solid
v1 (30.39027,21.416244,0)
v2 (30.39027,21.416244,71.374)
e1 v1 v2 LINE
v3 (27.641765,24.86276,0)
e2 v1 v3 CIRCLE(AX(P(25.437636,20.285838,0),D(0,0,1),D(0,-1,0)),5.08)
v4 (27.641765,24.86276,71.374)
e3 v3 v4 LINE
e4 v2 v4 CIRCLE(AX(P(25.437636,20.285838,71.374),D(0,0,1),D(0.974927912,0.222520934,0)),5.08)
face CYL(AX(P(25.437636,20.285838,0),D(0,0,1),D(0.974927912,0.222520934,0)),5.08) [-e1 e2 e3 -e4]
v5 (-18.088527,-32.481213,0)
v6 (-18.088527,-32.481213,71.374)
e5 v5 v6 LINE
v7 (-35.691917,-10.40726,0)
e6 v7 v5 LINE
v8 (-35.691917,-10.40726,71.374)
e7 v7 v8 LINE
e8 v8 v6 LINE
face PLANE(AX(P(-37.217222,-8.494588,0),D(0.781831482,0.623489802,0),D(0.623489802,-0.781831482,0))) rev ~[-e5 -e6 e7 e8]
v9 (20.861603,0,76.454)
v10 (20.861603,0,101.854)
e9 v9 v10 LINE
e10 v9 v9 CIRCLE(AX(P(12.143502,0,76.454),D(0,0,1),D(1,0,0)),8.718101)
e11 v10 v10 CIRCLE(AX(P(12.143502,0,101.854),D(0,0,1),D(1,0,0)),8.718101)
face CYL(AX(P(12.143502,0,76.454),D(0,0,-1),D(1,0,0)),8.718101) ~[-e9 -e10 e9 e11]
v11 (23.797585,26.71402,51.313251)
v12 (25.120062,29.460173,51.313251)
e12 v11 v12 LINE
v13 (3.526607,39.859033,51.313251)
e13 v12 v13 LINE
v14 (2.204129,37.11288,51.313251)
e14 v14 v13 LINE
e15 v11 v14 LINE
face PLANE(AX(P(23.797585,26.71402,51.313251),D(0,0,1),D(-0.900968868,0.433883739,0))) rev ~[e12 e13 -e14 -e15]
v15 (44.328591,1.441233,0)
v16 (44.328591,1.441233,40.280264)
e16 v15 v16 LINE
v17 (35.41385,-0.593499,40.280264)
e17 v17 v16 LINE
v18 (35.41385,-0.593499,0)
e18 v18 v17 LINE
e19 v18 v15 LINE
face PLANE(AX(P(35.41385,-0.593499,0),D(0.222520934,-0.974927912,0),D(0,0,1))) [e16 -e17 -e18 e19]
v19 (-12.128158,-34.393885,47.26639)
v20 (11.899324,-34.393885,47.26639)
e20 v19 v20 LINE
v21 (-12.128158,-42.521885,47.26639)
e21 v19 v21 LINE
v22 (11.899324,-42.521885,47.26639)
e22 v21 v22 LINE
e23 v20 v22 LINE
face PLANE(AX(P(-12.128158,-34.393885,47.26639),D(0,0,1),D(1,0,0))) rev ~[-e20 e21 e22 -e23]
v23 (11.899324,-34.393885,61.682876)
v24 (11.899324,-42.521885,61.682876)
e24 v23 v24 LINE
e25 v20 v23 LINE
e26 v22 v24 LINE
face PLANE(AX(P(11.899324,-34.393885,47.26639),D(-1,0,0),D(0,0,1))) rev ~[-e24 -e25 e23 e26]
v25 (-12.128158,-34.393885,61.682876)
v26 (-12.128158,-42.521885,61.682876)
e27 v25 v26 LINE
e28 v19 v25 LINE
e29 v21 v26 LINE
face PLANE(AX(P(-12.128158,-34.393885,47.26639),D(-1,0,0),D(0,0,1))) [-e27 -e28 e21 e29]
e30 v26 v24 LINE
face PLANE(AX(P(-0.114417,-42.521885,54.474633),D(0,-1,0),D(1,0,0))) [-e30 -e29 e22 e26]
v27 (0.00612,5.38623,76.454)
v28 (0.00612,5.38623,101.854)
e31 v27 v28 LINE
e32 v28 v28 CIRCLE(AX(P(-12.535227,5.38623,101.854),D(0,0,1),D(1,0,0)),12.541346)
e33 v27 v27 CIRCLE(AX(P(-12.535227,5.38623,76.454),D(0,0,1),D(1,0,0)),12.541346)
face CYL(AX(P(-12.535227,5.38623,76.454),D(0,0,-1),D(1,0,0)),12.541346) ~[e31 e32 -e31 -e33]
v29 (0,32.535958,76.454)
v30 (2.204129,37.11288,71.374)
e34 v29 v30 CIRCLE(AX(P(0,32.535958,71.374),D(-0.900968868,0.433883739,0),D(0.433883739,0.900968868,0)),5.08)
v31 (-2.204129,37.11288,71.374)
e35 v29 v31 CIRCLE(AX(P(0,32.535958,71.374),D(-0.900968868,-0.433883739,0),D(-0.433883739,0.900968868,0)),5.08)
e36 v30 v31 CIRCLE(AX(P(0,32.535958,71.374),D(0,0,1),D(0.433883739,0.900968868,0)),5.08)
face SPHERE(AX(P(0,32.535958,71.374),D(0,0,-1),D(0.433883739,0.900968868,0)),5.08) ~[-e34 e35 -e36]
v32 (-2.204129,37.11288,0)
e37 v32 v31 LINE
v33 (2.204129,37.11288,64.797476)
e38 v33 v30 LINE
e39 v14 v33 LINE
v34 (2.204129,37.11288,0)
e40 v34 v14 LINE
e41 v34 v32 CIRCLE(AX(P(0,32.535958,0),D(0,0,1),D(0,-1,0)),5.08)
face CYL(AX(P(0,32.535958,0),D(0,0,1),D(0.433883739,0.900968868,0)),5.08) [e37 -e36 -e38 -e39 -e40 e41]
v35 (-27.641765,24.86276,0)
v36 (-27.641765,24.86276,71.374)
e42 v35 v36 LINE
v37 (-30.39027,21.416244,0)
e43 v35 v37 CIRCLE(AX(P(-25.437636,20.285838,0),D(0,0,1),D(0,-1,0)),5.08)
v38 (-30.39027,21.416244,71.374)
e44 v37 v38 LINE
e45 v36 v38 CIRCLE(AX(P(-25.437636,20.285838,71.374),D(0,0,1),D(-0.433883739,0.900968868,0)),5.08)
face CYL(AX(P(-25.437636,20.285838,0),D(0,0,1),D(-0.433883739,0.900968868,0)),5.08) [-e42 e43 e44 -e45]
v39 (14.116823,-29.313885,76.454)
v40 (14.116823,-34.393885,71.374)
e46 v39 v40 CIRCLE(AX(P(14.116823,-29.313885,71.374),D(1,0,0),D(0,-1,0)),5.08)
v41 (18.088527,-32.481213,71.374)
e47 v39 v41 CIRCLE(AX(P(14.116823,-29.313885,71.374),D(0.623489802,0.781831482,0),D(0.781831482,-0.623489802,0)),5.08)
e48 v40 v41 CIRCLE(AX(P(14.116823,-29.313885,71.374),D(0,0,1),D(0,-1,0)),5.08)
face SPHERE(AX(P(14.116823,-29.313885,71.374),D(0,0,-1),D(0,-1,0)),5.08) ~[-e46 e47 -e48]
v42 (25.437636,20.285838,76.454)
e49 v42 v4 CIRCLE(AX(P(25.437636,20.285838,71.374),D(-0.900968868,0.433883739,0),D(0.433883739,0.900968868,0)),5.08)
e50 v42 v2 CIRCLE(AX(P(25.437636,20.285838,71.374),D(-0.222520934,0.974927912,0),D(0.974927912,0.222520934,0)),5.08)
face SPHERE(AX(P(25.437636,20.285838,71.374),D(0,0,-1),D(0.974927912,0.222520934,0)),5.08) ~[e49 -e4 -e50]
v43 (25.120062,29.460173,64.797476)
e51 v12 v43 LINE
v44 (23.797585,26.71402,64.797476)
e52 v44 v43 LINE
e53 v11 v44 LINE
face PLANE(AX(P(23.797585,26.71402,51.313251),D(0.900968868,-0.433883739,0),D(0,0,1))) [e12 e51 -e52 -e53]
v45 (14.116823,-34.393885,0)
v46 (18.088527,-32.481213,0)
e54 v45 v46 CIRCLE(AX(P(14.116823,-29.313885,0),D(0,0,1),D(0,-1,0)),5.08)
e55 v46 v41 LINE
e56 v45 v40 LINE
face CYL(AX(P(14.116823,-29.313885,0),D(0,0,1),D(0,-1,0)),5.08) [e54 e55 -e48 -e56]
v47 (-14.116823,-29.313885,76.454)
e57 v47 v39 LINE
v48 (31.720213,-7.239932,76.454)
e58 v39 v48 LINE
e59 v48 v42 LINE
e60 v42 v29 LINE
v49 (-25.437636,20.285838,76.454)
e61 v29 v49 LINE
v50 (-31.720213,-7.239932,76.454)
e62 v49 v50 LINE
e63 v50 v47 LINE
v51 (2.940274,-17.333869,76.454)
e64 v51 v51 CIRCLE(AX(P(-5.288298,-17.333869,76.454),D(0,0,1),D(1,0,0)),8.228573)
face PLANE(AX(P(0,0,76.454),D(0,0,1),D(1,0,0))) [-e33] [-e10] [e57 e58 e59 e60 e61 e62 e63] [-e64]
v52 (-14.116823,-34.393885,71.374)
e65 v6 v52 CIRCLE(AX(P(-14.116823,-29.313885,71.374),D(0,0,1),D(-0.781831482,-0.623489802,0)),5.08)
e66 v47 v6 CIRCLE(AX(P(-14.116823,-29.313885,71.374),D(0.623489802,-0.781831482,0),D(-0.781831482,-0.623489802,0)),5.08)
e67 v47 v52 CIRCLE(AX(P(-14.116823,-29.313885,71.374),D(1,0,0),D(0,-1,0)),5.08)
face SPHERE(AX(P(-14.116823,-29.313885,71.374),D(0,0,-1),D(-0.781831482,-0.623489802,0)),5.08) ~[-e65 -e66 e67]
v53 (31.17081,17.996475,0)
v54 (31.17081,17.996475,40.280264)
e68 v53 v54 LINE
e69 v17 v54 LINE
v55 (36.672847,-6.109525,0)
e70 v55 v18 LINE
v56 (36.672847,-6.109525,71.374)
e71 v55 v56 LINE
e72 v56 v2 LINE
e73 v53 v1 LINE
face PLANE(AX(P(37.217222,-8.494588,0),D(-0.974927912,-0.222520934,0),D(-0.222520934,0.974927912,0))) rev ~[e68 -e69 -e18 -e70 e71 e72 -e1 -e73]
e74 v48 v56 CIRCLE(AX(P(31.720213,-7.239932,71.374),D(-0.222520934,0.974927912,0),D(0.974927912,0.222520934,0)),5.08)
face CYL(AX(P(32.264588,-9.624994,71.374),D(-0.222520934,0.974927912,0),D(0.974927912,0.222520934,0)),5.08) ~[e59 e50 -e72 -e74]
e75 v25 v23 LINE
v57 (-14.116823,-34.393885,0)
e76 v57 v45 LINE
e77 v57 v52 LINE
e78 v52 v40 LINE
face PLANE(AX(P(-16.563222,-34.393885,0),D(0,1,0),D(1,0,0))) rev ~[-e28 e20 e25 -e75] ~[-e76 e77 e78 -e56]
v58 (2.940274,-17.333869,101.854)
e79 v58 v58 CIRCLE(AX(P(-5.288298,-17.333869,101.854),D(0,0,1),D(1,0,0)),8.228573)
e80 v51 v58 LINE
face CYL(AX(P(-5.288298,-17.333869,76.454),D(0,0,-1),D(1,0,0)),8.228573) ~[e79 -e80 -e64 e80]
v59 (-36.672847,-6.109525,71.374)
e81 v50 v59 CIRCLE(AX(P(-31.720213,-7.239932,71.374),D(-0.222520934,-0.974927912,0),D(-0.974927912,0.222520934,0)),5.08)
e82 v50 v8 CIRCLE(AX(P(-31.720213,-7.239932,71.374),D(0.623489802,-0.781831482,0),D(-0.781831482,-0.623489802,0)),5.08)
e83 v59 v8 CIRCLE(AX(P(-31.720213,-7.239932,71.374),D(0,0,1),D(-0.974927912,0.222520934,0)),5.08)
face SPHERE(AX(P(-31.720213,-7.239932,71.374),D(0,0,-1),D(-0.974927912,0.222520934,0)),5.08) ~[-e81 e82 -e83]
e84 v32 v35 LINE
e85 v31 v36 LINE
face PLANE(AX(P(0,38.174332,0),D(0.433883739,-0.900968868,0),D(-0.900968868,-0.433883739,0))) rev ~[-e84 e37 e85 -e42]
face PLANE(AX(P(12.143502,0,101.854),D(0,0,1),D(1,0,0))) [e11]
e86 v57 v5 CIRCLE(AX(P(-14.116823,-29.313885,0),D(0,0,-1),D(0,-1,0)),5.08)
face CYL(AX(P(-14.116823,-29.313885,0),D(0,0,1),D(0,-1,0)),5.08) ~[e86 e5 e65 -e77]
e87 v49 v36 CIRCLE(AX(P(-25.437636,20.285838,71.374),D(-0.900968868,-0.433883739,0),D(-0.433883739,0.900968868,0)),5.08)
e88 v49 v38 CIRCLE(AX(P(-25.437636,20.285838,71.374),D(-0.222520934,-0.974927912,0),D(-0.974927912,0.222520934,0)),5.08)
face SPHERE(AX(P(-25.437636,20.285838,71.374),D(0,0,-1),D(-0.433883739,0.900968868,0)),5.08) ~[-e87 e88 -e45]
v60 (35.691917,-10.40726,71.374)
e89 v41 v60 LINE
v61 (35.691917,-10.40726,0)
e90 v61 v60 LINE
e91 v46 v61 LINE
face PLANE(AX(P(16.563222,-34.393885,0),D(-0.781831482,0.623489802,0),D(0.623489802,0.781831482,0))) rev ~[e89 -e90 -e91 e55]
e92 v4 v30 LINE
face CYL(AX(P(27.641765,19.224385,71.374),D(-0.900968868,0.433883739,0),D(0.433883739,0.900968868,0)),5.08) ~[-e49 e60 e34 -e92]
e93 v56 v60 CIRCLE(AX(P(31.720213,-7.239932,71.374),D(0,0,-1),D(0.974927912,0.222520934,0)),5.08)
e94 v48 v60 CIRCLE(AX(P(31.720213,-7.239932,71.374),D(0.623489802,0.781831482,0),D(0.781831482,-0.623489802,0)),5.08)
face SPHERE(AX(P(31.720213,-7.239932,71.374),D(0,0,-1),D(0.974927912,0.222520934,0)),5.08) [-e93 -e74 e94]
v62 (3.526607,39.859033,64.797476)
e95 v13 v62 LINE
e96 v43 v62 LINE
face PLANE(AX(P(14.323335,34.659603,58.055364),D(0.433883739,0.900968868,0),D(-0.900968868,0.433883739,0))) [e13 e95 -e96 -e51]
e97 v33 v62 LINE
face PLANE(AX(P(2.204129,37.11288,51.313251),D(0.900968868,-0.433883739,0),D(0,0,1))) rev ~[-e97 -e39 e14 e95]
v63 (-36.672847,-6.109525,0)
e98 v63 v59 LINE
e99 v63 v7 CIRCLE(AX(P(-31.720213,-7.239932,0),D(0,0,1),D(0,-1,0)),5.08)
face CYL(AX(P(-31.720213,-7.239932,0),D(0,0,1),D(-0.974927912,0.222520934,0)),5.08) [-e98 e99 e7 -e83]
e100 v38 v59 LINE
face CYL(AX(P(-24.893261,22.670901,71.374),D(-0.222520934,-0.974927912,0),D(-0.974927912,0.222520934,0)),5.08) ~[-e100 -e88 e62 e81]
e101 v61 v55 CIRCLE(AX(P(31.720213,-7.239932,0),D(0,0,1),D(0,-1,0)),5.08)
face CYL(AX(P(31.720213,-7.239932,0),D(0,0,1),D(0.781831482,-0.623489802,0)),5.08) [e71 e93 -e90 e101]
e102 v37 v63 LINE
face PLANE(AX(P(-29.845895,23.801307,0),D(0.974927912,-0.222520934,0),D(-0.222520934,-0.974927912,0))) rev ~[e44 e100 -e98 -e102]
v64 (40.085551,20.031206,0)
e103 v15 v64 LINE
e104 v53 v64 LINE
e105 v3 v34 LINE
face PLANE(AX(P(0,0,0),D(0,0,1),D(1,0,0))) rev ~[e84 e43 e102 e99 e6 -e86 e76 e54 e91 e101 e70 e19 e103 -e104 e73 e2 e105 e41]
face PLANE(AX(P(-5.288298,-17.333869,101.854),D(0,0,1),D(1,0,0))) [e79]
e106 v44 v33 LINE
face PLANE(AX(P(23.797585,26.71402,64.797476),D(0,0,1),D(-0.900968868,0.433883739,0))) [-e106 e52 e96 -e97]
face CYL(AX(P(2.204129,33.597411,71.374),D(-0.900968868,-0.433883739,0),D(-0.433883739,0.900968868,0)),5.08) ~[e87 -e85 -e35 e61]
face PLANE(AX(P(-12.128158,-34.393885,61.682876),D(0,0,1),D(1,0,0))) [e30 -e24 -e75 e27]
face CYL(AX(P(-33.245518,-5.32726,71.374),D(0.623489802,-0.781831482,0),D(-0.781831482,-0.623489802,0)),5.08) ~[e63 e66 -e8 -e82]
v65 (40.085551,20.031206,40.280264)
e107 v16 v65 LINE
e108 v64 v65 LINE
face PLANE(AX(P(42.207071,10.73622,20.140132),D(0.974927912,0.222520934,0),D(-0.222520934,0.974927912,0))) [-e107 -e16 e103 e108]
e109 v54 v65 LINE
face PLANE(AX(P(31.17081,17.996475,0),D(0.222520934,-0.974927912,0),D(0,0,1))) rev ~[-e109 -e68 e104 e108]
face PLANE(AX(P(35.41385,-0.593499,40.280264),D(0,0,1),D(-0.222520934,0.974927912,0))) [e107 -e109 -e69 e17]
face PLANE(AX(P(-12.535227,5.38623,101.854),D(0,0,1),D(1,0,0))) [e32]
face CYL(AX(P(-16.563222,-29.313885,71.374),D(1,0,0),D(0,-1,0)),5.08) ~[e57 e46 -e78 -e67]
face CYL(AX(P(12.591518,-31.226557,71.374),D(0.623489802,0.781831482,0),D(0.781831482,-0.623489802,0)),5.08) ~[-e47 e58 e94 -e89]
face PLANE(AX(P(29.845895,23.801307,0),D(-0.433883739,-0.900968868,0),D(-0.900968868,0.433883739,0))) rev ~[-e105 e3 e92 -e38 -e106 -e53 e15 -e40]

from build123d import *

# Parameters (mm, degrees)
F1_DEPTH  = 76.454
F2_R      = 5.08
F3_R      = 12.5413462947
F3_R_2    = 8.7181007295
F3_R_3    = 8.2285725293
F4_DEPTH  = 25.4
F5_W      = 19.0680492669
F5_H      = 40.280263871
F6_DEPTH  = 9.144
F7_W      = 23.966927348
F7_H      = 13.4842246771
F8_DEPTH  = 3.048
F9_R      = 2.3003367046
F10_DEPTH = 5.334
F11_W     = 24.0274826065
F11_H     = 14.4164860249
F12_DEPTH = 8.128


with BuildPart() as f1:
    # F0 (on Top) → F1 (new body)
    with BuildSketch(Plane.XY):
        Polygon((-16.5632220721, -34.393885029), (16.5632220721, -34.393885029), (37.217222168, -8.4945880948), (29.8458948783, 23.8013069328), (0, 38.1743323818), (-29.8458948783, 23.8013069328), (-37.217222168, -8.4945880948), align=None)
    extrude(amount=F1_DEPTH)

    # F2
    f2_edges = [f1.edges().sort_by_distance(p)[0] for p in [
        (33.531559, 7.653359, 76.454),
        (14.922947, 30.98782, 76.454),
        (-14.922947, 30.98782, 76.454),
        (-33.531559, 7.653359, 76.454),
        (-26.890222, -21.444237, 76.454),
        (0, -34.393885, 76.454),
        (26.890222, -21.444237, 76.454),
        (29.845895, 23.801307, 38.227),
        (0, 38.174332, 38.227),
        (37.217222, -8.494588, 38.227),
        (16.563222, -34.393885, 38.227),
        (-29.845895, 23.801307, 38.227),
        (-37.217222, -8.494588, 38.227),
        (-16.563222, -34.393885, 38.227),
    ]]
    fillet(f2_edges, radius=F2_R)

    # F3 (on face) → F4 (join)
    with BuildSketch(Plane.XY.offset(76.454)):
        with Locations((-12.5352265313, 5.3862300701)):
            Circle(F3_R)
        with Locations((12.1435020119, 0)):
            Circle(F3_R_2)
        with Locations((-5.2882982418, -17.333868891)):
            Circle(F3_R_3)
    extrude(amount=F4_DEPTH)

    # F5 (on face) → F6 (join)
    with BuildSketch(Plane(origin=(33.5315585231, 7.653359419, 0), x_dir=(-0.222520934, 0.9749279122, 0), z_dir=(0.9749279122, 0.222520934, 0))):
        with Locations((1.0750833899, 20.1401319355)):
            Rectangle(F5_W, F5_H)
    extrude(amount=F6_DEPTH)

    # F7 (on face) → F8 (join)
    with BuildSketch(Plane(origin=(14.9229474392, 30.9878196573, 0), x_dir=(-0.9009688679, 0.4338837391, 0), z_dir=(0.4338837391, 0.9009688679, 0))):
        with Locations((2.1333593346, 58.0553635955)):
            Rectangle(F7_W, F7_H)
    extrude(amount=F8_DEPTH)

    # F9 (on face) → F10 (join)
    with BuildSketch(Plane(origin=(42.4462993521, 9.6880908391, 0), x_dir=(-0.222520934, 0.9749279122, 0), z_dir=(0.9749279122, 0.222520934, 0))):
        with Locations((3.9111254737, 19.3487424403)):
            Circle(F9_R)
    extrude(amount=-F10_DEPTH)

    # F11 (on face) → F12 (join)
    with BuildSketch(Plane.XZ.offset(34.393885029)):
        with Locations((-0.1144171692, 54.4746331871)):
            Rectangle(F11_W, F11_H)
    extrude(amount=F12_DEPTH)


solid = f1.part
